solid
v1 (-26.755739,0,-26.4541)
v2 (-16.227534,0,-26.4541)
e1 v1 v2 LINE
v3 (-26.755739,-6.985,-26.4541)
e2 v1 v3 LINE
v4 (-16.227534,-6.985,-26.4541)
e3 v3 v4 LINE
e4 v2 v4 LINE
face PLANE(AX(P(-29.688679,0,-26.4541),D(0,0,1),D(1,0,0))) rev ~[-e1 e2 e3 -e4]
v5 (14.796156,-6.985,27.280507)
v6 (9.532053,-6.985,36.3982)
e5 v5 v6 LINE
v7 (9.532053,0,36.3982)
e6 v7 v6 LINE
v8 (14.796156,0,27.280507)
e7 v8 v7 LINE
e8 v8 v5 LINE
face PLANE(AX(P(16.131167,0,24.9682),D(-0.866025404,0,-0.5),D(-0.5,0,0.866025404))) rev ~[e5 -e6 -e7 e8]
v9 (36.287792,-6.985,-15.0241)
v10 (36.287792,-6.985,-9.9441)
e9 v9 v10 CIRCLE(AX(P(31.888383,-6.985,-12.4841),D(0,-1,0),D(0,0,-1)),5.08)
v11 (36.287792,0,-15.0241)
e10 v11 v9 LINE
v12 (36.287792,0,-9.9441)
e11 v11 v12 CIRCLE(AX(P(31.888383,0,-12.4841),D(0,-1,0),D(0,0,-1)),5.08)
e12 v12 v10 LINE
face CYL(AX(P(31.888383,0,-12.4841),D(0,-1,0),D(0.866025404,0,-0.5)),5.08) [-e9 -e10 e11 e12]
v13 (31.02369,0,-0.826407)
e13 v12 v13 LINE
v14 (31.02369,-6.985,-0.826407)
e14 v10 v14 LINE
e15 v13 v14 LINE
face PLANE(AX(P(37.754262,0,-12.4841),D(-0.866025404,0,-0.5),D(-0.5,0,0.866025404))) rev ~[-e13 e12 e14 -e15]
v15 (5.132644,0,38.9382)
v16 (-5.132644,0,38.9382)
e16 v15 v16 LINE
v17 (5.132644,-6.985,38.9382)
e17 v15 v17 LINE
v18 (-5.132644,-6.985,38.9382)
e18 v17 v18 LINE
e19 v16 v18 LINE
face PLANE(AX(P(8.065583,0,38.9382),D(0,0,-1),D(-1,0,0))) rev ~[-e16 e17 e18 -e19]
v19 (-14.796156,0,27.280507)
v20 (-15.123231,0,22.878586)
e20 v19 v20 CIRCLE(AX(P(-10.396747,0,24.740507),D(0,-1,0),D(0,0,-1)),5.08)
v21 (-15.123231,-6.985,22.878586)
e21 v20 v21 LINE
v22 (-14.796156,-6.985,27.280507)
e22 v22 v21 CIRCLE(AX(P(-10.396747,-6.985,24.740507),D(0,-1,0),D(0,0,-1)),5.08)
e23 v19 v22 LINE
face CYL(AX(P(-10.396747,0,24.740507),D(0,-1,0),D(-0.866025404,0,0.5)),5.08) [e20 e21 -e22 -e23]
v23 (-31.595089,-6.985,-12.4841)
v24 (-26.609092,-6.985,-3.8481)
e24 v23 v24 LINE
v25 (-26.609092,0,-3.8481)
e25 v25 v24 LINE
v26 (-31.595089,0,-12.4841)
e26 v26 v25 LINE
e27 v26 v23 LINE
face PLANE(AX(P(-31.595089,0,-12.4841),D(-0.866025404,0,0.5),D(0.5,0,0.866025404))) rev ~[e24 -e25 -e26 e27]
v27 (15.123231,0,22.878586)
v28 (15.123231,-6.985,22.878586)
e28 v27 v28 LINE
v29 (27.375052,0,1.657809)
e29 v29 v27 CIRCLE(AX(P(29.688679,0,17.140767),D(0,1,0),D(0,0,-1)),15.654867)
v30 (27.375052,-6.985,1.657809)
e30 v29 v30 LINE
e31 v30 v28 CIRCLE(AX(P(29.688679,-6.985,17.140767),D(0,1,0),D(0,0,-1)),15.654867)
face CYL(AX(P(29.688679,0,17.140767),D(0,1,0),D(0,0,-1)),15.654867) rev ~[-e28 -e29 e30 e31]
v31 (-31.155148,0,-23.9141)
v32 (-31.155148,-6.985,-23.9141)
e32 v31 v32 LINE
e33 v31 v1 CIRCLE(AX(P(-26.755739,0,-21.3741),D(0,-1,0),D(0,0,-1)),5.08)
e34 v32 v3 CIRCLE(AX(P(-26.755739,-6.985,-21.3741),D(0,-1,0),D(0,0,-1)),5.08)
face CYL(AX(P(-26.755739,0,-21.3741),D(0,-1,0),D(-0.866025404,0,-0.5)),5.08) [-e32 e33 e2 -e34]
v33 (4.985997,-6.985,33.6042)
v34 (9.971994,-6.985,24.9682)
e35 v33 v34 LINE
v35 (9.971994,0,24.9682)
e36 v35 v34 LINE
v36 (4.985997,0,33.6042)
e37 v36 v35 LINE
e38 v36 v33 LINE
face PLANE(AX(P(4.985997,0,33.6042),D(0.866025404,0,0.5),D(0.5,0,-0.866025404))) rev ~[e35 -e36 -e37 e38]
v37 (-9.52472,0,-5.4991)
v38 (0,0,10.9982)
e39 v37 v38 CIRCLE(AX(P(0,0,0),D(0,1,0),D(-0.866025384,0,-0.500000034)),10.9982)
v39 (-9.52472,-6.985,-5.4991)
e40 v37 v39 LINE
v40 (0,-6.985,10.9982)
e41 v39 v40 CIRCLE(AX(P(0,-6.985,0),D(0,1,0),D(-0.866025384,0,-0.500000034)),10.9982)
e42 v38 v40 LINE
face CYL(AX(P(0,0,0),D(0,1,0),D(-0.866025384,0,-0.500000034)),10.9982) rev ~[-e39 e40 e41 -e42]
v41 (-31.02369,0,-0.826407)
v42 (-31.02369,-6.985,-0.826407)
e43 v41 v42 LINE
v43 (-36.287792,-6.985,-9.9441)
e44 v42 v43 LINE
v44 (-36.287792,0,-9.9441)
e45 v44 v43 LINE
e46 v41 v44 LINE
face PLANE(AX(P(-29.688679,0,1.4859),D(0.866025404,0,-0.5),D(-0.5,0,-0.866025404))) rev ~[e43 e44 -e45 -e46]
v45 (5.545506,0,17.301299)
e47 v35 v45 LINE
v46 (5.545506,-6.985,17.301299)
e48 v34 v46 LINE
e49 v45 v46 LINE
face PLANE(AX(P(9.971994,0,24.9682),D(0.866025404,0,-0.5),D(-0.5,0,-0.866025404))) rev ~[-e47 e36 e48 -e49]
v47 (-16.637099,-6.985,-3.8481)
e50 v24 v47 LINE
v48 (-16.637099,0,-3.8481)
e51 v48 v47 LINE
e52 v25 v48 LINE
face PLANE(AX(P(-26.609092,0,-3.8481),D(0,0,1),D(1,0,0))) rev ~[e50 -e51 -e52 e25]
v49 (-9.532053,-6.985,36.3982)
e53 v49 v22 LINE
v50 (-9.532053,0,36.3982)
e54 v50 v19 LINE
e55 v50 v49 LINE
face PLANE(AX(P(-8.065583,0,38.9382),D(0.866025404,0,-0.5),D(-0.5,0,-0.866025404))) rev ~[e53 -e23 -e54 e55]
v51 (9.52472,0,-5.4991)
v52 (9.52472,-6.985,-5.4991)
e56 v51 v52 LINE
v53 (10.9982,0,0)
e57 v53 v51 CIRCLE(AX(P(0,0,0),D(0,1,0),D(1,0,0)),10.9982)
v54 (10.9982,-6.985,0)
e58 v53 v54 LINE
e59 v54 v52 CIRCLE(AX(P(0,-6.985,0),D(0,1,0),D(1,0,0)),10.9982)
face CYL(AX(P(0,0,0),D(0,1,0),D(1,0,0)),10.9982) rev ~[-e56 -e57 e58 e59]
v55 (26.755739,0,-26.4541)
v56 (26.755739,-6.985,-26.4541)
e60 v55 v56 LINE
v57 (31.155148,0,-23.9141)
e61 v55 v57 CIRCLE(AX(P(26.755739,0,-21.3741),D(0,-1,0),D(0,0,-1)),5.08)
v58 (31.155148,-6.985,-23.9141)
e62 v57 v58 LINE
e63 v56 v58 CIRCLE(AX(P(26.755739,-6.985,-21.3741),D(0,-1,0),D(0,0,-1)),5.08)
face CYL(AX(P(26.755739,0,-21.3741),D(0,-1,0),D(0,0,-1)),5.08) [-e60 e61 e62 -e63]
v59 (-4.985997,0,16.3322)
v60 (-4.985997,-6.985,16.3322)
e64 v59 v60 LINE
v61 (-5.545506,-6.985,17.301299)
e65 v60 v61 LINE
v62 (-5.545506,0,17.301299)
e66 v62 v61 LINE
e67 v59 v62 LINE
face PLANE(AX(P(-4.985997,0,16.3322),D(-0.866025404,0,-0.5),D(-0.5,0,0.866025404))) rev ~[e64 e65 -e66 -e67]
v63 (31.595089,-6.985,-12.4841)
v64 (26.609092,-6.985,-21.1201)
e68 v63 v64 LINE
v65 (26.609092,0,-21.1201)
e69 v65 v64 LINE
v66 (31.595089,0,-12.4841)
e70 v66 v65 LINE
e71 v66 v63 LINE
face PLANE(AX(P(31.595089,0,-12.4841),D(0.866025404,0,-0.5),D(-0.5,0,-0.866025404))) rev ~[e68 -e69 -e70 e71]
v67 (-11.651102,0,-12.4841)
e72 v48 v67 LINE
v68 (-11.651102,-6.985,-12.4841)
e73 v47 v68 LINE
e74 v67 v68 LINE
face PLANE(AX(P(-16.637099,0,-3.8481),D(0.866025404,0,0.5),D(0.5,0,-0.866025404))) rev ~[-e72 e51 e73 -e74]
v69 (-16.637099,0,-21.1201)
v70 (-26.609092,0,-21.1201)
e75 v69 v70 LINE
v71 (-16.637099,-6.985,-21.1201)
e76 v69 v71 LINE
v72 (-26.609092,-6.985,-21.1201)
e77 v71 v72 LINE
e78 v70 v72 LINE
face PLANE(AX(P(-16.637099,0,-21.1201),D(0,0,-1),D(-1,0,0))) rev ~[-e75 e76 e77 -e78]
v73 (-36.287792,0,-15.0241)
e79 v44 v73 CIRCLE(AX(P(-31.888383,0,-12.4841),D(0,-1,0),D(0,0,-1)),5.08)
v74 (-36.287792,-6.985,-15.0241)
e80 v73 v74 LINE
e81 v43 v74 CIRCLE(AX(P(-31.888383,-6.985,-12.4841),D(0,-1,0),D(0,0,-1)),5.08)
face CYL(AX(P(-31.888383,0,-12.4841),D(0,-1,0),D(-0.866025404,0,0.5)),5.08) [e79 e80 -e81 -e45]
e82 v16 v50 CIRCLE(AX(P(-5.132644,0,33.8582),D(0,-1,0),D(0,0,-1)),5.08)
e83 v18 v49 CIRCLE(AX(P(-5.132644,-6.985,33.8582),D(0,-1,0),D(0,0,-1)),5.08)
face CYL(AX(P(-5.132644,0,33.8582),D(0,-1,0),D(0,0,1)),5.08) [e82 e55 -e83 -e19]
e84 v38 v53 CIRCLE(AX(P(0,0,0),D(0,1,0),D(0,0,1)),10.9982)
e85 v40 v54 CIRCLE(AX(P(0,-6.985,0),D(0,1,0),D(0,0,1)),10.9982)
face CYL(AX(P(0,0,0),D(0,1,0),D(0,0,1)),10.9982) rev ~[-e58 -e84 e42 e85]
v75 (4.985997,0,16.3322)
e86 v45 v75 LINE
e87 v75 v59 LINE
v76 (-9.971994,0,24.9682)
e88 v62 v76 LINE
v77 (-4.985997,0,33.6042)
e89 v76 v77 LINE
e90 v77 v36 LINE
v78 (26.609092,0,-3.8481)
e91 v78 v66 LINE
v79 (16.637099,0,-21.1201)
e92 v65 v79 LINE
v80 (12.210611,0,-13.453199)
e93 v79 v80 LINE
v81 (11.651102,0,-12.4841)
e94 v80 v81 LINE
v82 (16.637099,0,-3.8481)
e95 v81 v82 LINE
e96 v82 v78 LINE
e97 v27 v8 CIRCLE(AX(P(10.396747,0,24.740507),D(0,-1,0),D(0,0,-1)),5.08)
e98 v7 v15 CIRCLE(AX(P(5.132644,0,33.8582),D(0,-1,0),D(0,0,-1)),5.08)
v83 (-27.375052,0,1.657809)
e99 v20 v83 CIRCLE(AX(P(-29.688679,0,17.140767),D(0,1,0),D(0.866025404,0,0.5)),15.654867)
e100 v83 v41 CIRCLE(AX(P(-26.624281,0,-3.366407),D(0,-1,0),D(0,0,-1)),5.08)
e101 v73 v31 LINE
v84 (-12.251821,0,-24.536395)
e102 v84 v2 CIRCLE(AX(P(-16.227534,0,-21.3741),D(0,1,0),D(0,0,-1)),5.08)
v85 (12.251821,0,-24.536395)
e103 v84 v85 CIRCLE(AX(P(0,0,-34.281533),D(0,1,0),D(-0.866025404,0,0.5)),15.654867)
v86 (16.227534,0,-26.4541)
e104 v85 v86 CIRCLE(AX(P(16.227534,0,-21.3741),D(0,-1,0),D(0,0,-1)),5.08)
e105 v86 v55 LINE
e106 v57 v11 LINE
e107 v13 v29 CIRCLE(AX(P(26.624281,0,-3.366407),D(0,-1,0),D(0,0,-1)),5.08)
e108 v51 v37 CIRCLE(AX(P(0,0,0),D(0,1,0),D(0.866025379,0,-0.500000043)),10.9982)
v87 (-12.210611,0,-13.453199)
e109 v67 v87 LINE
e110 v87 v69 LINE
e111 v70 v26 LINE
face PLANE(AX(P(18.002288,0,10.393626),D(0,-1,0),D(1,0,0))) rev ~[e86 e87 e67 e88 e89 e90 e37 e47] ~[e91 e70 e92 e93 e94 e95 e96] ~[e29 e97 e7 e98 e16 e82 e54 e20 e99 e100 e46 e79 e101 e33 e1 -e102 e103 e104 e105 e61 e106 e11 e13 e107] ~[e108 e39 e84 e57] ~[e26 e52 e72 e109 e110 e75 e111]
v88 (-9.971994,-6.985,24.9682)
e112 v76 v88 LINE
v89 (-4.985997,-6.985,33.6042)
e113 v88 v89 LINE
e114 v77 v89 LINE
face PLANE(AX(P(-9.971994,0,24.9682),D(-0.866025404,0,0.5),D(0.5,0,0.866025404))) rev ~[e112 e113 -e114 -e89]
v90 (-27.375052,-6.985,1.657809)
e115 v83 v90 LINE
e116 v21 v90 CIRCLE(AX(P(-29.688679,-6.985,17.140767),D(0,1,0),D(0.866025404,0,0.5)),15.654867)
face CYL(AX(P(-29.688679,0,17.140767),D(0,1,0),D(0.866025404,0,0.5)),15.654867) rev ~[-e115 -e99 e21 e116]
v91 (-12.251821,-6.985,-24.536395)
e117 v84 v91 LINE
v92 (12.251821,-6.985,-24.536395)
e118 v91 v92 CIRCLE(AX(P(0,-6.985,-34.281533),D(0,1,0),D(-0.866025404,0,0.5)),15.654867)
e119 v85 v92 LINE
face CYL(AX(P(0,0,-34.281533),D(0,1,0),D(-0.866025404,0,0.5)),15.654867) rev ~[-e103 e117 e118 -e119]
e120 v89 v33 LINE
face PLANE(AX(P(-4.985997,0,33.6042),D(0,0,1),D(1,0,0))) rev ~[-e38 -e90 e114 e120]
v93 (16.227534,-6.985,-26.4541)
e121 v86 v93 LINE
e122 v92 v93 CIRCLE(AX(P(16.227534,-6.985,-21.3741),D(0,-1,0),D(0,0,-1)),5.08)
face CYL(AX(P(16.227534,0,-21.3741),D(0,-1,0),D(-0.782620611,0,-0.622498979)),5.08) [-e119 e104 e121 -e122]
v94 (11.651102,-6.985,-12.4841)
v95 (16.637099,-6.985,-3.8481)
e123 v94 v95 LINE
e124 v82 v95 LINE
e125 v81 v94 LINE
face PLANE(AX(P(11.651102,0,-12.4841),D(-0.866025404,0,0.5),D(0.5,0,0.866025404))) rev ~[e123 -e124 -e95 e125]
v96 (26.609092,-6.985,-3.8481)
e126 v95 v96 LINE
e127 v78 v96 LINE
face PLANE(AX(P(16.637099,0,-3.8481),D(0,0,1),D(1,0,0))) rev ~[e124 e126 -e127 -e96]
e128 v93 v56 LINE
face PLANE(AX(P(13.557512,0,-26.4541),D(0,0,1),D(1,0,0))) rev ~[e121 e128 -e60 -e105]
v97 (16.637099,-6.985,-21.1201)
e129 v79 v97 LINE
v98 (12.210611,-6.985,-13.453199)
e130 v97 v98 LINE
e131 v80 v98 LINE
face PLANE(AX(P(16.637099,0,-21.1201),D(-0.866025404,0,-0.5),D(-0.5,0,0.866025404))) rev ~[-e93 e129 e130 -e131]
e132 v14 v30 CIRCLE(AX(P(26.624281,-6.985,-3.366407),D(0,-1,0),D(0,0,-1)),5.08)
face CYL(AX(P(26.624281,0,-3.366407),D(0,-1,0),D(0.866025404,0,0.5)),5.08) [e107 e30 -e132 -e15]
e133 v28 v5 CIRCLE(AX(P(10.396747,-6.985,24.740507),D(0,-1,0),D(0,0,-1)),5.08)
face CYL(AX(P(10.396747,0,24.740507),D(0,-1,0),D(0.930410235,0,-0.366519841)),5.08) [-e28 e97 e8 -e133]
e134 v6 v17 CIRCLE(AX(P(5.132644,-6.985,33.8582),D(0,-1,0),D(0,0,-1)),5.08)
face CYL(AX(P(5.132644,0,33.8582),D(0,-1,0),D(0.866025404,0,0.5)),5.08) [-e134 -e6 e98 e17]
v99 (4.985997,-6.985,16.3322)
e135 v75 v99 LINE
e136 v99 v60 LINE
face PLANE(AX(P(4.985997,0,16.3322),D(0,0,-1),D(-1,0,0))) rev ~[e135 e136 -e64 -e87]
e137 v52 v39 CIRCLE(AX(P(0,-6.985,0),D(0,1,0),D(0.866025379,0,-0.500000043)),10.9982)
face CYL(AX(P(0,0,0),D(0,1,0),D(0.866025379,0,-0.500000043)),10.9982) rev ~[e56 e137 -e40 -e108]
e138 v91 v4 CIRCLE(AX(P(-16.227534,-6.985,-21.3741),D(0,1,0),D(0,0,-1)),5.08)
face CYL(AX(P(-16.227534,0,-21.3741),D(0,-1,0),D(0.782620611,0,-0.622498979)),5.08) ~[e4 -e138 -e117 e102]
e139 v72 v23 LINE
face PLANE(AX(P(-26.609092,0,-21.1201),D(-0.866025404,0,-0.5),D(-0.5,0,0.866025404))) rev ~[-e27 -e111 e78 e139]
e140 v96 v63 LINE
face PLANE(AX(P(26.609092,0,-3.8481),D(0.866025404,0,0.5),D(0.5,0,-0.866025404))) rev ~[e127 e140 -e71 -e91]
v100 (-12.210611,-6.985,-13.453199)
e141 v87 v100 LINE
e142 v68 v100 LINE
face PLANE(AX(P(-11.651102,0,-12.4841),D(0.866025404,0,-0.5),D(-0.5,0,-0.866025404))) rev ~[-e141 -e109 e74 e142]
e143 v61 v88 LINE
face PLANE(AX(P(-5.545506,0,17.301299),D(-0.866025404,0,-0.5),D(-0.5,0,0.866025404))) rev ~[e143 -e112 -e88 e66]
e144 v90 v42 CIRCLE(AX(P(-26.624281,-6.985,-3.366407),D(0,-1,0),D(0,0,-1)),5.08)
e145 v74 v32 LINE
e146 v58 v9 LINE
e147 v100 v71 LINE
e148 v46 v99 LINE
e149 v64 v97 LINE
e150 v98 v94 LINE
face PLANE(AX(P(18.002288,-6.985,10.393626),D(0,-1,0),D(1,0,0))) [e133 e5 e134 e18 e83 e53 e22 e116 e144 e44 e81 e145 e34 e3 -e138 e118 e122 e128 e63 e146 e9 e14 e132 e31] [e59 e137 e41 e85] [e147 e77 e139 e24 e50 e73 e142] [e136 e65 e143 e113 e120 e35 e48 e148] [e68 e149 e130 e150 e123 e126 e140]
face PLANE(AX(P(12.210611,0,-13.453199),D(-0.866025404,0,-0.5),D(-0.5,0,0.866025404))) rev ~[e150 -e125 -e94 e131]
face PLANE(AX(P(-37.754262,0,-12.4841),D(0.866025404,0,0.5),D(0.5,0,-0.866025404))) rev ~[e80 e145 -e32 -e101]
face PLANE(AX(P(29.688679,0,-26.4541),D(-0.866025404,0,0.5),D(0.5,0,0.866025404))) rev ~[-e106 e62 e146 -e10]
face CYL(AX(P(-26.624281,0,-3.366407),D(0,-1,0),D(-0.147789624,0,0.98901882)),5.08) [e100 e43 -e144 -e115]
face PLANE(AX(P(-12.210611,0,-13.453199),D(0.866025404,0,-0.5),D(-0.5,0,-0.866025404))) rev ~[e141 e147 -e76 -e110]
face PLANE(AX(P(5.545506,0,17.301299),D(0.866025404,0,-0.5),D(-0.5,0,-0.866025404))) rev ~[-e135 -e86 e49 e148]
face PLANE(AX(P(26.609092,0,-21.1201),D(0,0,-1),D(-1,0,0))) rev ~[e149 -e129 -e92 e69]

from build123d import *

# Parameters (mm, degrees)
F1_DEPTH = 6.985
F2_R     = 5.08


with BuildPart() as f1:
    # F0 (on Front) → F1 (new body)
    with BuildSketch(Plane.XZ):
        with BuildLine():
            Line((16.1311665212, 24.9682), (10.846794214, 15.8153986779))
            Line((10.846794214, 15.8153986779), (19.1199341331, 1.4859))
            Line((19.1199341331, 1.4859), (29.6886787473, 1.4859))
            ThreePointArc((29.6886787473, 1.4859), (16.1311665212, 9.3133333333), (16.1311665212, 24.9682))
        make_face()
        Polygon((9.988909449, 17.3012986779), (10.846794214, 15.8153986779), (16.1311665212, 24.9682), (8.0655832606, 38.9382), (-8.0655832606, 38.9382), (-16.1311665212, 24.9682), (-10.846794214, 15.8153986779), (-9.988909449, 17.3012986779), (-5.5455063073, 17.3012986779), (-9.9719938494, 24.9682), (-4.9859969247, 33.6042), (4.9859969247, 33.6042), (9.9719938494, 24.9682), (5.5455063073, 17.3012986779), align=None)
        with BuildLine():
            Line((-19.1199341331, 1.4859), (-10.846794214, 15.8153986779))
            Line((-10.846794214, 15.8153986779), (-16.1311665212, 24.9682))
            ThreePointArc((-16.1311665212, 24.9682), (-16.1311665212, 9.3133333333), (-29.6886787473, 1.4859))
            Line((-29.6886787473, 1.4859), (-19.1199341331, 1.4859))
        make_face()
        with BuildLine():
            Line((13.5575122262, -26.4541), (8.2731399191, -17.3012986779))
            Line((8.2731399191, -17.3012986779), (-8.2731399191, -17.3012986779))
            Line((-8.2731399191, -17.3012986779), (-13.5575122262, -26.4541))
            ThreePointArc((-13.5575122262, -26.4541), (0, -18.6266666667), (13.5575122262, -26.4541))
        make_face()
        Polygon((9.988909449, -17.3012986779), (8.2731399191, -17.3012986779), (13.5575122262, -26.4541), (29.6886787473, -26.4541), (37.7542620079, -12.4841), (29.6886787473, 1.4859), (19.1199341331, 1.4859), (19.9778188981, 0), (17.7561173272, -3.8481), (26.6090924115, -3.8481), (31.5950893362, -12.4841), (26.6090924115, -21.1201), (16.637098562, -21.1201), (12.2106110199, -13.4531986779), align=None)
        Polygon((-19.9778188981, 0), (-19.1199341331, 1.4859), (-29.6886787473, 1.4859), (-37.7542620079, -12.4841), (-29.6886787473, -26.4541), (-13.5575122262, -26.4541), (-8.2731399191, -17.3012986779), (-9.988909449, -17.3012986779), (-12.2106110199, -13.4531986779), (-16.637098562, -21.1201), (-26.6090924115, -21.1201), (-31.5950893362, -12.4841), (-26.6090924115, -3.8481), (-17.7561173272, -3.8481), align=None)
        with BuildLine():
            ThreePointArc((0, 10.9982), (7.7769018008, 7.7769018008), (10.9982, 0))
            ThreePointArc((10.9982, 0), (10.6234453514, -2.8465438878), (9.5247203206, -5.4991004769))
            Line((9.5247203206, -5.4991004769), (13.5575122262, 1.4859))
            Line((13.5575122262, 1.4859), (19.1199341331, 1.4859))
            Line((19.1199341331, 1.4859), (10.846794214, 15.8153986779))
            Line((10.846794214, 15.8153986779), (8.0655832606, 10.9982))
            Line((8.0655832606, 10.9982), (0, 10.9982))
        make_face()
        Polygon((-5.4919289656, -12.4841), (-9.5247203821, -5.4991003703), (-13.5575122262, 1.4859), (-19.1199341331, 1.4859), (-19.9778188981, 0), (-17.7561173272, -3.8481), (-16.637098562, -3.8481), (-11.6511016373, -12.4841), (-12.2106110199, -13.4531986779), (-9.988909449, -17.3012986779), (-8.2731399191, -17.3012986779), align=None)
        with BuildLine():
            ThreePointArc((-9.5247203821, -5.4991003703), (-9.5247207028, 5.4990998148), (0, 10.9982))
            Line((0, 10.9982), (-8.0655832606, 10.9982))
            Line((-8.0655832606, 10.9982), (-10.846794214, 15.8153986779))
            Line((-10.846794214, 15.8153986779), (-19.1199341331, 1.4859))
            Line((-19.1199341331, 1.4859), (-13.5575122262, 1.4859))
            Line((-13.5575122262, 1.4859), (-9.5247203821, -5.4991003703))
        make_face()
        Polygon((13.5575122262, 1.4859), (9.5247203206, -5.4991004769), (5.4919289656, -12.4841), (8.2731399191, -17.3012986779), (9.988909449, -17.3012986779), (12.2106110199, -13.4531986779), (11.6511016373, -12.4841), (16.637098562, -3.8481), (17.7561173272, -3.8481), (19.9778188981, 0), (19.1199341331, 1.4859), align=None)
        Polygon((-8.0655832606, 10.9982), (0, 10.9982), (8.0655832606, 10.9982), (10.846794214, 15.8153986779), (9.988909449, 17.3012986779), (5.5455063073, 17.3012986779), (4.9859969247, 16.3322), (-4.9859969247, 16.3322), (-5.5455063073, 17.3012986779), (-9.988909449, 17.3012986779), (-10.846794214, 15.8153986779), align=None)
        with BuildLine():
            Line((5.4919289656, -12.4841), (9.5247203206, -5.4991004769))
            ThreePointArc((9.5247203206, -5.4991004769), (-6.15e-08, -10.9982), (-9.5247203821, -5.4991003703))
            Line((-9.5247203821, -5.4991003703), (-5.4919289656, -12.4841))
            Line((-5.4919289656, -12.4841), (-8.2731399191, -17.3012986779))
            Line((-8.2731399191, -17.3012986779), (8.2731399191, -17.3012986779))
            Line((8.2731399191, -17.3012986779), (5.4919289656, -12.4841))
        make_face()
    extrude(amount=F1_DEPTH)

    # F2
    f2_edges = [f1.edges().sort_by_distance(p)[0] for p in [
        (16.131167, -3.4925, 24.9682),
        (-8.065583, -3.4925, 38.9382),
        (8.065583, -3.4925, 38.9382),
        (-16.131167, -3.4925, 24.9682),
        (-29.688679, -3.4925, 1.4859),
        (-37.754262, -3.4925, -12.4841),
        (-13.557512, -3.4925, -26.4541),
        (-29.688679, -3.4925, -26.4541),
        (13.557512, -3.4925, -26.4541),
        (29.688679, -3.4925, -26.4541),
        (37.754262, -3.4925, -12.4841),
        (29.688679, -3.4925, 1.4859),
    ]]
    fillet(f2_edges, radius=F2_R)


solid = f1.part
